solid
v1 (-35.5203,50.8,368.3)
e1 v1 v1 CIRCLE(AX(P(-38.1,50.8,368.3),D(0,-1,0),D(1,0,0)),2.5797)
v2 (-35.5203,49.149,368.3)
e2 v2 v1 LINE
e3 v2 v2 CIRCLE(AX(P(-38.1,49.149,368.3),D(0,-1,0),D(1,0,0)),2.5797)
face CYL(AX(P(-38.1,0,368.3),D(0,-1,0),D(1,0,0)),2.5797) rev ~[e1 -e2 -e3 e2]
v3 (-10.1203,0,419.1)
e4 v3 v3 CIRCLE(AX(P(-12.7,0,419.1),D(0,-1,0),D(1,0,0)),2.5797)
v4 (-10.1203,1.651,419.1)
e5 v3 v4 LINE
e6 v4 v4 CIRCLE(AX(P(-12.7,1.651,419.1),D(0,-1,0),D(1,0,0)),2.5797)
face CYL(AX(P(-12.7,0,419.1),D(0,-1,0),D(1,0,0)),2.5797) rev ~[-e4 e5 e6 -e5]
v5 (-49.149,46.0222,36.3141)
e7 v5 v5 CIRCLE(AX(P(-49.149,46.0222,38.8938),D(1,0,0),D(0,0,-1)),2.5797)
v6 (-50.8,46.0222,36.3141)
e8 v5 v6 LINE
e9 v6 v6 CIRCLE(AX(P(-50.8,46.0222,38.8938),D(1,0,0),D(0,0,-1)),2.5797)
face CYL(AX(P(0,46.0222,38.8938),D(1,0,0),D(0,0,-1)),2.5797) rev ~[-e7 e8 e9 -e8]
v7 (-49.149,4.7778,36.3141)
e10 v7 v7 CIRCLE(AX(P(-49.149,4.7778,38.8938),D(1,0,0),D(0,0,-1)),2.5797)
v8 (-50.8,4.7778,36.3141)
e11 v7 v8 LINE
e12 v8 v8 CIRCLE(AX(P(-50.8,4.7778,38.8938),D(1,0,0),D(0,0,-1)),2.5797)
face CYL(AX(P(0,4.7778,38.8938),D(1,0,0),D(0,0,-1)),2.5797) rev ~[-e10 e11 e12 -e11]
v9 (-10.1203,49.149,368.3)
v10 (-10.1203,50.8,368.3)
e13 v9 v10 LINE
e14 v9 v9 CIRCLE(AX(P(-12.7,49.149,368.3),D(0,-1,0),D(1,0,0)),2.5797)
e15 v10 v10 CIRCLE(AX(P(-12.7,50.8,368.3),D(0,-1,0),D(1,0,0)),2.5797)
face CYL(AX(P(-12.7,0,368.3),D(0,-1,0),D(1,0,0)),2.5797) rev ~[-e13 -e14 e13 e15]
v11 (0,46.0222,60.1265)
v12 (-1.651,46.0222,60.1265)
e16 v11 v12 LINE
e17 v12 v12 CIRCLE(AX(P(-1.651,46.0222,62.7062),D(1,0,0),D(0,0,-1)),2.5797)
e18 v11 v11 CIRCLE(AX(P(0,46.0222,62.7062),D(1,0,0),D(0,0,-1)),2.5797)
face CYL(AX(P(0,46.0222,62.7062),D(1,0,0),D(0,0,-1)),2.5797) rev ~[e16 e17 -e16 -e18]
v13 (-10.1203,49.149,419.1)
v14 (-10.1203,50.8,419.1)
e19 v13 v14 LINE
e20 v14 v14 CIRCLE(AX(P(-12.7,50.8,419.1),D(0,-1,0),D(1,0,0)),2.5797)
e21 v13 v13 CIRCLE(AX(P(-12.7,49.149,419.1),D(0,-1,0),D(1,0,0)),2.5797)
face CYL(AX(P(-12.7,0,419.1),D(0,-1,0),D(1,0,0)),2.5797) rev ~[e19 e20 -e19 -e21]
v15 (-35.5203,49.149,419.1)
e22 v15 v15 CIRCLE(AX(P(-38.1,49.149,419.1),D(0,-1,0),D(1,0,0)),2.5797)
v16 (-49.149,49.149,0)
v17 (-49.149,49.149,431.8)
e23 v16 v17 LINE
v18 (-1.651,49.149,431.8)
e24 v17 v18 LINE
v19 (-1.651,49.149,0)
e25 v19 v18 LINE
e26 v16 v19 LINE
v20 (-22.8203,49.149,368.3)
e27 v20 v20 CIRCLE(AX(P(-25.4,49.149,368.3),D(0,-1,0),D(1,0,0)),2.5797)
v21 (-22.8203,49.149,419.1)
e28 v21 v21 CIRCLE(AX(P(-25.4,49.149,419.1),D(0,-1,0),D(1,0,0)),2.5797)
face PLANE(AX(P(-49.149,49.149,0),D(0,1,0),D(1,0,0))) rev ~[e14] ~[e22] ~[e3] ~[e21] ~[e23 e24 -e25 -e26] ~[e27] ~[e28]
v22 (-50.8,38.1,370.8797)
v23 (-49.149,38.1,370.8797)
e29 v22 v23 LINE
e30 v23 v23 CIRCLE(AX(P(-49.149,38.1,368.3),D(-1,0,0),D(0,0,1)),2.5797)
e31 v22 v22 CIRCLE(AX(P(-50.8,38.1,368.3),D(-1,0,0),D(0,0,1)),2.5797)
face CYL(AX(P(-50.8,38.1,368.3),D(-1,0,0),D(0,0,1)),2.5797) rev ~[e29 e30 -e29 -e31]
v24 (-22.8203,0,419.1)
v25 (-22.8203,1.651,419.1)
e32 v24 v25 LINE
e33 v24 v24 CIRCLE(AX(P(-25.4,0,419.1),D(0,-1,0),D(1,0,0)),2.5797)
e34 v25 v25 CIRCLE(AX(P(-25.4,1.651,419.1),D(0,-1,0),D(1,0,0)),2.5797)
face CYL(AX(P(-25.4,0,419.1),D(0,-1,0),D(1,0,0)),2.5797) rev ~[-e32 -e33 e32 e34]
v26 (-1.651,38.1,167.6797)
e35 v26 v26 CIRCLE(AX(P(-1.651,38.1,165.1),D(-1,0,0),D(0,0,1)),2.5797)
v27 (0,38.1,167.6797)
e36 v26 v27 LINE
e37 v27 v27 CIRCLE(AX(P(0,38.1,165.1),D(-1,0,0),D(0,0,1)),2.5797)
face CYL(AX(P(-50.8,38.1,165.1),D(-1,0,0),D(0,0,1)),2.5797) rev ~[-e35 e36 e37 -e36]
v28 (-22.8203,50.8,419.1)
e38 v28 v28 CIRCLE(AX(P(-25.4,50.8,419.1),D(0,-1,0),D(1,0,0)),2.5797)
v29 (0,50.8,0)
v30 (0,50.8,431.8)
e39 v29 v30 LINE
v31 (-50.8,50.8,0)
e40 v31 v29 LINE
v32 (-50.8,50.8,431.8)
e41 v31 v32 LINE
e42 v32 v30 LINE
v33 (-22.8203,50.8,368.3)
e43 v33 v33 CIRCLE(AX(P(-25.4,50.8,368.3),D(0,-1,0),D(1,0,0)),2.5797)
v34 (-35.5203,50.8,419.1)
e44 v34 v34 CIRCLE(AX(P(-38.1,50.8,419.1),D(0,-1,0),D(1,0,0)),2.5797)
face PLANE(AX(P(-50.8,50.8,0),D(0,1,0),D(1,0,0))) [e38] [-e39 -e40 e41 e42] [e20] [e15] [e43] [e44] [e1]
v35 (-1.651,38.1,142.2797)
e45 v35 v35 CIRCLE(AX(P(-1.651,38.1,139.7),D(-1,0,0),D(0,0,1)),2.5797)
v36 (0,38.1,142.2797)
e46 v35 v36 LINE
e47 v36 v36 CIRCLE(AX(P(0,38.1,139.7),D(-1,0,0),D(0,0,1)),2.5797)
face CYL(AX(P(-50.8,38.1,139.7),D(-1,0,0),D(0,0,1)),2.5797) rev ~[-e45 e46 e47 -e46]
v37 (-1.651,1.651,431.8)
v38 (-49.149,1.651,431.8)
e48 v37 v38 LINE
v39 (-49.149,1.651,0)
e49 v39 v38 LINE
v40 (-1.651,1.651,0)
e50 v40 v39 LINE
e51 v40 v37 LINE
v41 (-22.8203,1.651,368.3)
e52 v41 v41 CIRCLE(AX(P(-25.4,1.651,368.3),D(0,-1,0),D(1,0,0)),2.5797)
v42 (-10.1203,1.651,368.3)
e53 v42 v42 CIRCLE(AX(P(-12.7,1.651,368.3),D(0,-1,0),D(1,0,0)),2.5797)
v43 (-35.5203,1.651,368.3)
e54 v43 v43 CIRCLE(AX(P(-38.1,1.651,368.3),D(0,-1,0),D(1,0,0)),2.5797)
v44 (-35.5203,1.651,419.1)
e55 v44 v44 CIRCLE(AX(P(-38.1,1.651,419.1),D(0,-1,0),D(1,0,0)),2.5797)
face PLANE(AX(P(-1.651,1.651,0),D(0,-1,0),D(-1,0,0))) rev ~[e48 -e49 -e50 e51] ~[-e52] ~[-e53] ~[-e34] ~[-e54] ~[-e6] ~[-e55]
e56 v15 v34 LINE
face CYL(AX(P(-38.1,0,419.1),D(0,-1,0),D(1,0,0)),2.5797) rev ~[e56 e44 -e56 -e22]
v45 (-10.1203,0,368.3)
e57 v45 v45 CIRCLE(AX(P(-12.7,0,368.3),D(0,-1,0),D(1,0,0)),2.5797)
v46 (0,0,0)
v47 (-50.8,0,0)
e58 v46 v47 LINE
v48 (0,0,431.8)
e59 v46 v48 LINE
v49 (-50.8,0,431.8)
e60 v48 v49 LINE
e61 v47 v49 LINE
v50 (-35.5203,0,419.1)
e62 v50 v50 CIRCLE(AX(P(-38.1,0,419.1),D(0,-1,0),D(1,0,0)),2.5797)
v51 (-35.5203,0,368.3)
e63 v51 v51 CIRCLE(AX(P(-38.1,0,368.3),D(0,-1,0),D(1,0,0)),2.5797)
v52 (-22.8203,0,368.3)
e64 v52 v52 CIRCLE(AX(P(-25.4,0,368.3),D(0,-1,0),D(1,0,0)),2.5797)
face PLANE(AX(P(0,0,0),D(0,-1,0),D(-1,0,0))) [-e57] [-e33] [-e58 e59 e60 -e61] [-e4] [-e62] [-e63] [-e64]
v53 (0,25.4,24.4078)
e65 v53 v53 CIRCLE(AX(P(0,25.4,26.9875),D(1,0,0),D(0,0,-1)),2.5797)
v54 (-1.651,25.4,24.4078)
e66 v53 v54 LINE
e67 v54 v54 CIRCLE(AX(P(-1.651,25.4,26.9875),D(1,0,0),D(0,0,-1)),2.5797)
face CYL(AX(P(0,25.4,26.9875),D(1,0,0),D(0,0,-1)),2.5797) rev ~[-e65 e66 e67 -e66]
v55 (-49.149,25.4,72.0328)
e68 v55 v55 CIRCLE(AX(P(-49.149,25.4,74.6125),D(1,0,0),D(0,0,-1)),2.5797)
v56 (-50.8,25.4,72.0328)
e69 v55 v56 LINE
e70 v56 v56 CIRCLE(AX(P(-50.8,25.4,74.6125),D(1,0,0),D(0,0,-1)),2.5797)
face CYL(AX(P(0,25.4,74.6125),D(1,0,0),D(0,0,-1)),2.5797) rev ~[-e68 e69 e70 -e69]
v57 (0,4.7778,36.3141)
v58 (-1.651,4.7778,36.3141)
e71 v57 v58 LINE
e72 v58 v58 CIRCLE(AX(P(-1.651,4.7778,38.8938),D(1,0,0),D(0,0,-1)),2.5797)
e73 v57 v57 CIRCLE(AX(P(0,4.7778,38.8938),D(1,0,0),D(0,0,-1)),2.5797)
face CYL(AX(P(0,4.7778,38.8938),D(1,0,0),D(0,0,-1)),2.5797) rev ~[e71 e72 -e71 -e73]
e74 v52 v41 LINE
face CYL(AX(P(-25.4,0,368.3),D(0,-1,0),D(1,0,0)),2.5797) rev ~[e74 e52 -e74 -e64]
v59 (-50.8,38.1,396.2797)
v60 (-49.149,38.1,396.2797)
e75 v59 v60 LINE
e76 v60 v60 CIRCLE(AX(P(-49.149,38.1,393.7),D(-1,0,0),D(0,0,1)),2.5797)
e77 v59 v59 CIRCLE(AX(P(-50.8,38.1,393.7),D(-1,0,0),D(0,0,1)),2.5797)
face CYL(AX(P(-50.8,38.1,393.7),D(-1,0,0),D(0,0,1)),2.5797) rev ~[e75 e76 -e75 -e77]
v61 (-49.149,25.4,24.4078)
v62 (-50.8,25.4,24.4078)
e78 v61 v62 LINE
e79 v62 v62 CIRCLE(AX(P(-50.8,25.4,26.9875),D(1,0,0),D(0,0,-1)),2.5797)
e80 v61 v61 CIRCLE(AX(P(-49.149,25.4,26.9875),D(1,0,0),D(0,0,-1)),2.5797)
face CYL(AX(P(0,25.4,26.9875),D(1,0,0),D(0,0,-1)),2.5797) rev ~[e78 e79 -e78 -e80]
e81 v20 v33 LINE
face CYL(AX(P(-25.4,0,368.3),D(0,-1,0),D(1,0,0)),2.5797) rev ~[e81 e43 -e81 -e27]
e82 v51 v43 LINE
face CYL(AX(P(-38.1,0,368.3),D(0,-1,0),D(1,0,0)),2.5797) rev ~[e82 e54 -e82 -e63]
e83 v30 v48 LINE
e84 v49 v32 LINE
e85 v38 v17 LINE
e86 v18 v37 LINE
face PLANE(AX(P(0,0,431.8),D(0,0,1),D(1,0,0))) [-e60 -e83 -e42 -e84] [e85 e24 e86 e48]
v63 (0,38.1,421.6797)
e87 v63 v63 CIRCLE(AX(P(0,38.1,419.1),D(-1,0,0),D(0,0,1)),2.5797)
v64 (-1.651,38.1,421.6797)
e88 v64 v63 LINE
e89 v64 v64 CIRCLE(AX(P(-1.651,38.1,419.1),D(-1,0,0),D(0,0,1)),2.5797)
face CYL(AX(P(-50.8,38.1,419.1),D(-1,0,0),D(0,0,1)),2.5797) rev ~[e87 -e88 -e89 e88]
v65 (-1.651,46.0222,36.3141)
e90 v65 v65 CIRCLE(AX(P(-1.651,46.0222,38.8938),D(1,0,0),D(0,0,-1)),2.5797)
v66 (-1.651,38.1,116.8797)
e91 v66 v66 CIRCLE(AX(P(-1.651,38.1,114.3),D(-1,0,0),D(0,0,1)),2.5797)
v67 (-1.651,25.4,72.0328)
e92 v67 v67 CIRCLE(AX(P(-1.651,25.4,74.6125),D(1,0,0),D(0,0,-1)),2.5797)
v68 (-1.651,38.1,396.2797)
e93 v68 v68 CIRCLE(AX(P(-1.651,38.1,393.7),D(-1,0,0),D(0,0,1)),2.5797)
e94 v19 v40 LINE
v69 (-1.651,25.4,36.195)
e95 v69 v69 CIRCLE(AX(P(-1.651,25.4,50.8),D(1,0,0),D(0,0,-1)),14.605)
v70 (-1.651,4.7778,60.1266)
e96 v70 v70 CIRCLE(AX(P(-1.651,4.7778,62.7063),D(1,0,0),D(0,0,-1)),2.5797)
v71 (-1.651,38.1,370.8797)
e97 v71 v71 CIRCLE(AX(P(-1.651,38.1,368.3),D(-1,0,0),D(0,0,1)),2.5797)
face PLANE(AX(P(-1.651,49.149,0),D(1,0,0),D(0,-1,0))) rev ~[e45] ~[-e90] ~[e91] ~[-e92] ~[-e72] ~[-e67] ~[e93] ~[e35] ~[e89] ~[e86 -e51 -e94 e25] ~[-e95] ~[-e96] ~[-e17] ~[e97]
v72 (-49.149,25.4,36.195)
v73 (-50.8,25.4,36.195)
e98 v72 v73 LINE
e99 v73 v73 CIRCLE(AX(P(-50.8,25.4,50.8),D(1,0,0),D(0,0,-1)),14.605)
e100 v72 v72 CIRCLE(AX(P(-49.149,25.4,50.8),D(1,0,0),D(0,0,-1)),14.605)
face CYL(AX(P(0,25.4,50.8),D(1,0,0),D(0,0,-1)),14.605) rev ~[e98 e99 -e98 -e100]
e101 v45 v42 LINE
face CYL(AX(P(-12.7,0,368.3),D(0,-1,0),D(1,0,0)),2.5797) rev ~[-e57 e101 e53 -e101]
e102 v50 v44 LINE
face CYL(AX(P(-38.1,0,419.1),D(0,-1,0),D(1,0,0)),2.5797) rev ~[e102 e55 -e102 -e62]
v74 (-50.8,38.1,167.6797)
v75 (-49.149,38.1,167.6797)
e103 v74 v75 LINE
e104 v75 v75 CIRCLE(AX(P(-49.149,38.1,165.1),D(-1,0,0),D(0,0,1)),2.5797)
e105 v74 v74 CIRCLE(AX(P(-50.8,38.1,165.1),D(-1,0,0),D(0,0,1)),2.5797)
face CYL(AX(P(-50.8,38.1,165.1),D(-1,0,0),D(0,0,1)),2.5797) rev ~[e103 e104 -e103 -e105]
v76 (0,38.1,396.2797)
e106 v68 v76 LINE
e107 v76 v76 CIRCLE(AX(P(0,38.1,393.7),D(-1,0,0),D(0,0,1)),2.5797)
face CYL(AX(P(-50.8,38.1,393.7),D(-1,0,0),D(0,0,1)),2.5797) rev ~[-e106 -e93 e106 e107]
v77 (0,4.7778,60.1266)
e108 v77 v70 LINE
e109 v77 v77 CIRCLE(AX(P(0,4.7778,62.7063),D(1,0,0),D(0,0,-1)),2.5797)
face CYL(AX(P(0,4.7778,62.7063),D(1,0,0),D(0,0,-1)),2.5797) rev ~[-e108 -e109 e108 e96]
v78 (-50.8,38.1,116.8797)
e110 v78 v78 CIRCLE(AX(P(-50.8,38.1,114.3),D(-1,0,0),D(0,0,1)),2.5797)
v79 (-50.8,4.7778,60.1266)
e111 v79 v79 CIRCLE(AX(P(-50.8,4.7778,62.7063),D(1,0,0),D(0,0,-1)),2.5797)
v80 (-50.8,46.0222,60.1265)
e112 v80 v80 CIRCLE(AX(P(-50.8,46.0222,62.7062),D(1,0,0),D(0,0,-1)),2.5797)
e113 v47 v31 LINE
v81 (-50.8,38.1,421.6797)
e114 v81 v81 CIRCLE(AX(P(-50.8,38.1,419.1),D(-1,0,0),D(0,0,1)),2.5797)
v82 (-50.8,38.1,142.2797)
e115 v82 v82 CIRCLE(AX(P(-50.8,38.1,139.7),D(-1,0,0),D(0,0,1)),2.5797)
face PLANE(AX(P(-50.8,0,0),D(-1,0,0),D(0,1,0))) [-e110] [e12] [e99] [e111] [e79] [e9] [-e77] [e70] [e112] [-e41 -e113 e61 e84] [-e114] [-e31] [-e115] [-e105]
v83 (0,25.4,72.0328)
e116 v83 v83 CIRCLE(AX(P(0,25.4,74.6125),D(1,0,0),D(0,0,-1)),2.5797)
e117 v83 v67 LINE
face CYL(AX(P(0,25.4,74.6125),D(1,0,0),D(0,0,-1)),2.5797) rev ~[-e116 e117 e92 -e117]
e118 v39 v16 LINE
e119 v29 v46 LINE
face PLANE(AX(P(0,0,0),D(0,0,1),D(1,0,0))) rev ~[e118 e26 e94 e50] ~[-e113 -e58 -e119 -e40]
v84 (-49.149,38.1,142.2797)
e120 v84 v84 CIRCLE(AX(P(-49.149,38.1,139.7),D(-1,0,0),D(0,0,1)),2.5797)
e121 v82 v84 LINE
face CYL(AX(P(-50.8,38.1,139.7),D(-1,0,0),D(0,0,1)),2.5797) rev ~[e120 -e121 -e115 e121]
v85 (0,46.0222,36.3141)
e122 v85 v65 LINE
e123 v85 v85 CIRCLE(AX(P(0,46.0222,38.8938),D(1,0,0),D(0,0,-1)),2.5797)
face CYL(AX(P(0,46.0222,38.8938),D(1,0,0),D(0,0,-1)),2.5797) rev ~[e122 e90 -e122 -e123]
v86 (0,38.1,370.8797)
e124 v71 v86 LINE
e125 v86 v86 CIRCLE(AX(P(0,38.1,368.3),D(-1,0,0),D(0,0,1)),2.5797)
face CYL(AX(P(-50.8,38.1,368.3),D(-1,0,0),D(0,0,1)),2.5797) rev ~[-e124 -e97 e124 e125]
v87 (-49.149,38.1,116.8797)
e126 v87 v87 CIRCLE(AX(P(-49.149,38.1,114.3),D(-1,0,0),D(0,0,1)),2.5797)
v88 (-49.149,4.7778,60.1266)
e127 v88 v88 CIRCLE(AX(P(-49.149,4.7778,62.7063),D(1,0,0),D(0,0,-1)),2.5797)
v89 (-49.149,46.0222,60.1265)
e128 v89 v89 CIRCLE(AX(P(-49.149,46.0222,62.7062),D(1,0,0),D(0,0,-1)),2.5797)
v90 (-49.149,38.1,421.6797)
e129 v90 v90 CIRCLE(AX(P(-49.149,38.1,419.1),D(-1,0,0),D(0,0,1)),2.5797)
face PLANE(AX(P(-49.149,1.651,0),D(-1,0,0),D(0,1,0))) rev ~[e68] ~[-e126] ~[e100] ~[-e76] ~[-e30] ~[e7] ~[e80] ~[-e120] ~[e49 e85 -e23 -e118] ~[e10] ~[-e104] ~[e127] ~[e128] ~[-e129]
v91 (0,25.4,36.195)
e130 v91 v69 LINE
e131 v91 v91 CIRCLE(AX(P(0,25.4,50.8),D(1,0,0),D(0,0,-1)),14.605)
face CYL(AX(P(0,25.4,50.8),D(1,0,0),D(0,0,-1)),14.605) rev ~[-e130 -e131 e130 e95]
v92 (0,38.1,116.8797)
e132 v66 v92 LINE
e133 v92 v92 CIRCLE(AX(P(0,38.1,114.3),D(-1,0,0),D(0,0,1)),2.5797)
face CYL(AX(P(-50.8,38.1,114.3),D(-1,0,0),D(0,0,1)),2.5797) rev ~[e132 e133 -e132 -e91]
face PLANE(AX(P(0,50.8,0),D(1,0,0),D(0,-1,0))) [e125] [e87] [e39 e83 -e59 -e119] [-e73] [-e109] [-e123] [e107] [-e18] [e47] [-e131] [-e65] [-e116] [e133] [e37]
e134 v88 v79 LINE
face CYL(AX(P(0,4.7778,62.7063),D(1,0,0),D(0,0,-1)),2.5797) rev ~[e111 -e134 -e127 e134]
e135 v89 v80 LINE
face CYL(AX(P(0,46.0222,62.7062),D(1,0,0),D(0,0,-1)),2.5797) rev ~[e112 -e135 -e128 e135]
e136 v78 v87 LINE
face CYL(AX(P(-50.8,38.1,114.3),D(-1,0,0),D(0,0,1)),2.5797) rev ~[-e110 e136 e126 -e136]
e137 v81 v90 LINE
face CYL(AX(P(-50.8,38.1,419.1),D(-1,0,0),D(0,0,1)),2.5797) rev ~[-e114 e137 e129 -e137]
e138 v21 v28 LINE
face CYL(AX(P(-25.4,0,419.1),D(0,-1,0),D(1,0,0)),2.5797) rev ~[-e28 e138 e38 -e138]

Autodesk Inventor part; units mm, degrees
ref_plane "YZ Plane" through (0, 0, 0) normal (1, 0, 0) x (0, 1, 0)
ref_plane "XZ Plane" through (0, 0, 0) normal (0, 1, 0) x (-1, 0, 0)
ref_plane "XY Plane" through (0, 0, 0) normal (0, 0, 1) x (1, 0, 0)
sketch "Sketch1" plane through (0, 0, 0) normal (0, 0, 1) x (1, 0, 0)
  line L0 (0, 0) -> (-50.8, 0)
  line L1 (-50.8, 0) -> (-50.8, 50.8)
  line L2 (-50.8, 50.8) -> (0, 50.8)
  line L3 (0, 50.8) -> (0, 0)
  line L4 (-49.149, 49.149) -> (-1.651, 49.149)
  line L5 (-1.651, 49.149) -> (-1.651, 1.651)
  line L6 (-1.651, 1.651) -> (-49.149, 1.651)
  line L7 (-49.149, 1.651) -> (-49.149, 49.149)
  dimension "d0" = 50.8
  dimension "d1" = 50.8
  dimension "d2" = 1.651
  dimension "d3" = 1.651
  dimension "d4" = 1.651
  dimension "d5" = 1.651
extrude "Extrusion1" add sketch "Sketch1" along normal blind 431.8
sketch "Sketch2" plane through (-50.8, 0, 0) normal (-1, 0, 0) x (0, 0, 1)
  circle A0 centre (114.3, 38.1) radius 2.5797
  circle A1 centre (139.7, 38.1) radius 2.5797
  circle A2 centre (165.1, 38.1) radius 2.5797
  circle A3 centre (368.3, 38.1) radius 2.5797
  circle A4 centre (393.7, 38.1) radius 2.5797
  circle A5 centre (419.1, 38.1) radius 2.5797
  line L0 (0, 0) -> (0, 50.8) projected
  line L1 (431.8, 50.8) -> (431.8, 0) projected
  line L2 (0, 50.8) -> (431.8, 50.8) projected
  dimension "d8" = 114.3
  dimension "d9" = 25.4
  dimension "d10" = 25.4
  dimension "d11" = 25.4
  dimension "d12" = 25.4
  dimension "d13" = 12.7
  dimension "d14" = 5.1594
  dimension "d15" = 5.1594
  dimension "d16" = 5.1594
  dimension "d19" = 5.1594
  dimension "d20" = 5.1594
  dimension "d21" = 5.1594
  dimension "d22" = 12.7
  dimension "d23" = 12.7
  dimension "d24" = 12.7
  dimension "d25" = 12.7
  dimension "d26" = 12.7
  dimension "d27" = 12.7
extrude "Extrusion2" cut sketch "Sketch2" against normal blind 279.4
sketch "Sketch5" plane through (0, 0, 0) normal (1, 0, 0) x (0, 0, -1)
  circle A0 centre (-50.8, 25.4) radius 9.525
  circle A1 centre (-26.9875, 25.4) radius 2.5797
  line L0 (0, 50.8) -> (0, 0) projected
  circle A2 centre (-50.8, 25.4) radius 23.8125 construction
  line L1 (0, 0) -> (-431.8, 0) projected
  circle A3 centre (-50.8, 25.4) radius 23.8125 construction
  circle A4 centre (-38.8938, 46.0222) radius 2.5797
  circle A5 centre (-50.8, 25.4) radius 23.8125 construction
  circle A6 centre (-62.7062, 46.0222) radius 2.5797
  circle A7 centre (-50.8, 25.4) radius 23.8125 construction
  circle A8 centre (-74.6125, 25.4) radius 2.5797
  circle A9 centre (-50.8, 25.4) radius 23.8125 construction
  circle A10 centre (-62.7063, 4.7778) radius 2.5797
  circle A11 centre (-50.8, 25.4) radius 23.8125 construction
  circle A12 centre (-38.8938, 4.7778) radius 2.5797
  dimension "d36" = 50.8
  dimension "d37" = 23.8125
  dimension "d38" = 19.05
  dimension "d39" = 5.1594
  dimension "d40" = 25.4
  dimension "d41" = 25.4
  dimension "d44" = 360
extrude "Extrusion4" cut sketch "Sketch5" against normal blind 50.8 contours A1 | A4 | A6 | A8 | A10 | A12
sketch "Sketch6" plane through (0, 0, 0) normal (1, 0, 0) x (0, 0, -1)
  circle A0 centre (-50.8, 25.4) radius 14.605
  line L0 (0, 0) -> (-431.8, 0) projected
  circle A1 centre (-26.9875, 25.4) radius 2.5797 projected
  dimension "d48" = 25.4
  dimension "d49" = 23.8125
  dimension "d50" = 29.21
extrude "Extrusion5" cut sketch "Sketch6" against normal blind 50.8 contours A0
sketch "Sketch7" plane through (-50.8, 0, 0) normal (0, -1, 0) x (1, 0, 0)
  circle A0 centre (12.7, 419.1) radius 2.5797
  circle A1 centre (38.1, 419.1) radius 2.5797
  line L0 (49.149, 0) -> (49.149, 431.8) projected
  line L1 (0, 431.8) -> (50.8, 431.8) projected
  circle A2 centre (25.4, 419.1) radius 2.5797
  line L2 (50.8, 0) -> (50.8, 431.8) projected
  line L3 (38.1, 419.1) -> (38.1, 368.3) construction
  line L4 (38.1, 419.1) -> (88.9, 419.1) construction
  line L5 (25.4, 419.1) -> (25.4, 368.3) construction
  line L6 (12.7, 419.1) -> (12.7, 368.3) construction
  circle A3 centre (38.1, 368.3) radius 2.5797
  circle A4 centre (25.4, 368.3) radius 2.5797
  circle A5 centre (12.7, 368.3) radius 2.5797
  dimension "d53" = 5.1594
  dimension "d54" = 25.4
  dimension "d56" = 12.7
  dimension "d57" = 5.1594
  dimension "d58" = 5.1594
  dimension "d59" = 12.7
  dimension "d60" = 25.4
  dimension "d61" = 12.7
  dimension "d62" = 12.7
  dimension "d65" = 50.8
  dimension "d66" = 90
  dimension "d67" = 50.8
  dimension "d68" = 50.8
  dimension "d69" = 5.1594
  dimension "d70" = 5.1594
  dimension "d71" = 5.1594
extrude "Extrusion7" cut sketch "Sketch7" against normal blind 127
equation "\"d3\" = d2"
equation "\"d4\" = d2"
equation "\"d5\" = d2"
equation "\"d10\" = d9"
equation "\"d11\" = d9"
equation "\"d15\" = d14"
equation "\"d16\" = d14"
equation "\"d19\" = d14"
equation "\"d20\" = d14"
equation "\"d21\" = d14"
equation "\"d26\" = d25"
equation "\"d27\" = d25"
equation "\"d57\" = d53"
equation "\"d58\" = d57"
properties part number "ATACHMENT BAR"
